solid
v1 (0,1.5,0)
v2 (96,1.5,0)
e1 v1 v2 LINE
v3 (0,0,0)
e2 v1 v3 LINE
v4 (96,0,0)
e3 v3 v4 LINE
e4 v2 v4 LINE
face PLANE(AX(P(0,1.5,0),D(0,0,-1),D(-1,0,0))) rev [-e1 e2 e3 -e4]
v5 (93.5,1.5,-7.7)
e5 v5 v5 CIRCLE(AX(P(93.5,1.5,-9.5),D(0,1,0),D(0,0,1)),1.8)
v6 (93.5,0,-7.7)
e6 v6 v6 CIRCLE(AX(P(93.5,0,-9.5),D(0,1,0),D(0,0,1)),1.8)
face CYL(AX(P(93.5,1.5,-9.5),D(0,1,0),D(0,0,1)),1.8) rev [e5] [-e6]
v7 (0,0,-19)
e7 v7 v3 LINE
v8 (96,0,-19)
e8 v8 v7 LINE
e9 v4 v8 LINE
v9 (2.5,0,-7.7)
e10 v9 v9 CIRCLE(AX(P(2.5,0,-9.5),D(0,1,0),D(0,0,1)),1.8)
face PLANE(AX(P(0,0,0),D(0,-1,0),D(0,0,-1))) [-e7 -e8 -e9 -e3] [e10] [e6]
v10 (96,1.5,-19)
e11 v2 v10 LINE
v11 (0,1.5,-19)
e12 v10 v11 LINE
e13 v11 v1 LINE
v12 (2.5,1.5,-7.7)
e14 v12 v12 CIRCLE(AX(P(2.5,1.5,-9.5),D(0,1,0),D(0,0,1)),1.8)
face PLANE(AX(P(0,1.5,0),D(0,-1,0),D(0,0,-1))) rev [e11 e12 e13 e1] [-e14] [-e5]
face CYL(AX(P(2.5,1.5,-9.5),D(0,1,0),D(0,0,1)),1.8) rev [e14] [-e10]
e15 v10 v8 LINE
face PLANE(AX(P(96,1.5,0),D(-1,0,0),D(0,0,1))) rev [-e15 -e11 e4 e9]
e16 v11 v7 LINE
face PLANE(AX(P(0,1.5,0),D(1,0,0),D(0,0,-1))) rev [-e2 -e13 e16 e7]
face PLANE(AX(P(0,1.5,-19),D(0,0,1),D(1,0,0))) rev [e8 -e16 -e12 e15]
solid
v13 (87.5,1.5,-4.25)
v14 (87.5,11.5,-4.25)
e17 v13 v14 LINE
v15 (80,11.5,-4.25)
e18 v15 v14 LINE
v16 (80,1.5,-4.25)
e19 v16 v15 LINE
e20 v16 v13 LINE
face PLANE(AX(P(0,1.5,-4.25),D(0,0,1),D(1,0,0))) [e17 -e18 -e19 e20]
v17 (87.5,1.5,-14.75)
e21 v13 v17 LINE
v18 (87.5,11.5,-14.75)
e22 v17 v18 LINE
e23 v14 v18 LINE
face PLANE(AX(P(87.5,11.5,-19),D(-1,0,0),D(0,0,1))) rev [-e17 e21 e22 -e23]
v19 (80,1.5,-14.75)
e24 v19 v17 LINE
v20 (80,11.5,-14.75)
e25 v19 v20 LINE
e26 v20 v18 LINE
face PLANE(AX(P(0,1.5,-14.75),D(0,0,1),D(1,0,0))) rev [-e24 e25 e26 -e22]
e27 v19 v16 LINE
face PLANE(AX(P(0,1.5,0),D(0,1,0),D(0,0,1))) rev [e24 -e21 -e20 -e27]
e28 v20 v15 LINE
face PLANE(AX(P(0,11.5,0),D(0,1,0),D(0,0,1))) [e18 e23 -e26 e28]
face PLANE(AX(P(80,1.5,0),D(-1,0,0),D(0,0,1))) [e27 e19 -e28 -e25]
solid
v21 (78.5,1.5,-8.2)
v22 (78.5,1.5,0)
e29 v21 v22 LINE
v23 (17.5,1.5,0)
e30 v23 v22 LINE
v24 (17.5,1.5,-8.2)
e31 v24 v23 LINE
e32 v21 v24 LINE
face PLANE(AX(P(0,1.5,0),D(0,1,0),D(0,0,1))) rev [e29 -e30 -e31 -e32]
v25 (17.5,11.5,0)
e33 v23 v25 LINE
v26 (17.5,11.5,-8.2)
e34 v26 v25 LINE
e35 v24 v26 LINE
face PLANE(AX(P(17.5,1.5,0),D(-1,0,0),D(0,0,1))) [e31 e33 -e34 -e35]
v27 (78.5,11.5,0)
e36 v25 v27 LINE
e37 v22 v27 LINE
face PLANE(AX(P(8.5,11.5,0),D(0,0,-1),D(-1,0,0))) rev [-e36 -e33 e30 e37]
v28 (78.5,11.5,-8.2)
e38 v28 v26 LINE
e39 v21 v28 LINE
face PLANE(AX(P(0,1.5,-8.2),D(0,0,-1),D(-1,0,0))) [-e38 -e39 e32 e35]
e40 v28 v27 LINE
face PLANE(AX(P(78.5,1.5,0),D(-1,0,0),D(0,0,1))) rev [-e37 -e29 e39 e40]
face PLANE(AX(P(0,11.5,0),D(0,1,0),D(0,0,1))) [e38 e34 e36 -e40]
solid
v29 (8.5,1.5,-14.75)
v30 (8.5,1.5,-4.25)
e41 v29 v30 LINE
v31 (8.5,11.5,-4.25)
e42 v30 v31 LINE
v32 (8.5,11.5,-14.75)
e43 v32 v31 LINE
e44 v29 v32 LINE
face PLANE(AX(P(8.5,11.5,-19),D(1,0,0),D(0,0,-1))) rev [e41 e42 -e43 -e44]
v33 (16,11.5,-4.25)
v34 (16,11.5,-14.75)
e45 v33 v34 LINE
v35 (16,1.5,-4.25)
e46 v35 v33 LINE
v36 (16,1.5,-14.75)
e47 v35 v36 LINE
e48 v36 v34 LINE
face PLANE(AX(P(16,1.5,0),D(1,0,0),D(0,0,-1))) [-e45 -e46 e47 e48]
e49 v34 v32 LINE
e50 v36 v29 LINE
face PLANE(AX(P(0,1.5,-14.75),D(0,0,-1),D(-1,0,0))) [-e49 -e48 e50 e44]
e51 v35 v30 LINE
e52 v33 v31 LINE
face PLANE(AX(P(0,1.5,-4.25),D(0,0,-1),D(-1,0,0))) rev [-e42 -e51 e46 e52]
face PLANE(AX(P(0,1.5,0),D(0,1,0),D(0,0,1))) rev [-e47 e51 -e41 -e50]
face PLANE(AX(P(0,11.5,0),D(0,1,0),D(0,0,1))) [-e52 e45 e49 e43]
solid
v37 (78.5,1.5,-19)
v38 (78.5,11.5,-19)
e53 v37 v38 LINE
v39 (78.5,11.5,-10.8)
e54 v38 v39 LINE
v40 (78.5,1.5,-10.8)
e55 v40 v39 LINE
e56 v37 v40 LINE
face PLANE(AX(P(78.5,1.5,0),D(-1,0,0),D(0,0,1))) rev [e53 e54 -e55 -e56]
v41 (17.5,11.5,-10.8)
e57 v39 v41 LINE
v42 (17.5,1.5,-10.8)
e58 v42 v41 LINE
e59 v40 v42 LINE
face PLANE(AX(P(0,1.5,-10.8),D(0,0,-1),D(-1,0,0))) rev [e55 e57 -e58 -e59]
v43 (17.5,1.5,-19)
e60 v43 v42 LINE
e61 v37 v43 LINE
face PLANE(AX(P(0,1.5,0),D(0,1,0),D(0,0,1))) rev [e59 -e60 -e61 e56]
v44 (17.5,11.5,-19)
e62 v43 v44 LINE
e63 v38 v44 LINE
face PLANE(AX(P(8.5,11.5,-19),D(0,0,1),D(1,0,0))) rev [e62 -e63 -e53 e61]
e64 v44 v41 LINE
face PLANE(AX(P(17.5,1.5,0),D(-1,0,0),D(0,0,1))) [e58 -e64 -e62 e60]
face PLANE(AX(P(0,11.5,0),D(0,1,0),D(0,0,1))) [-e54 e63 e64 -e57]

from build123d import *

# Parameters (mm, degrees)
SKETCH1_W                     = 96
SKETCH1_H                     = 19
BOSS_EXTRUDE1_DEPTH           = 1.5
SKETCH2_W                     = 79
SKETCH2_H                     = 19
BOSS_EXTRUDE2_DEPTH           = 10
SKETCH4_W                     = 1.8
SKETCH4_H                     = 1.5
M3_CLEARANCE_HOLE1_AT_2_COUNT = 2
M3_CLEARANCE_HOLE1_AT_2_PITCH = 91
SKETCH5_W                     = 7.5
SKETCH5_H                     = 4.25
SKETCH5_W_2                   = 61
SKETCH5_H_2                   = 2.6
CUT_EXTRUDE2_DEPTH            = 10


with BuildPart() as part:
    # Sketch1 → Boss-Extrude1 (new body)
    with BuildSketch(Plane(origin=(0, 0, 0), x_dir=(1, 0, 0), z_dir=(0, 1, 0))):
        with Locations((48, 9.5)):
            Rectangle(SKETCH1_W, SKETCH1_H)
    extrude(amount=BOSS_EXTRUDE1_DEPTH)

    # Sketch4 → M3 Clearance Hole1 (revolve, cut)
    with BuildSketch(Plane(origin=(2.5, 1.5, -9.5), x_dir=(0, 0, 1), z_dir=(1, 0, 0))):
        with Locations((0.9, 0.75)):
            Rectangle(SKETCH4_W, SKETCH4_H)
    m3_clearance_hole1 = revolve(axis=Axis((2.5, 7.85, -9.5), (0, -1, 0)), mode=Mode.SUBTRACT)

    # M3 Clearance Hole1 at 2: M3 Clearance Hole1 ×2
    with Locations(*[(i * M3_CLEARANCE_HOLE1_AT_2_PITCH, 0, 0) for i in range(1, M3_CLEARANCE_HOLE1_AT_2_COUNT)]):
        add(m3_clearance_hole1, mode=Mode.SUBTRACT)


with BuildPart() as body_2:
    # Sketch2 → Boss-Extrude2 (new body)
    with BuildSketch(Plane(origin=(0, 1.5, 0), x_dir=(1, 0, 0), z_dir=(0, 1, 0))):
        with Locations((48, 9.5)):
            Rectangle(SKETCH2_W, SKETCH2_H)
    extrude(amount=BOSS_EXTRUDE2_DEPTH)

    # Sketch5 → Cut-Extrude2 (cut)
    with BuildSketch(Plane(origin=(0, 11.5, 0), x_dir=(1, 0, 0), z_dir=(0, 1, 0))):
        with Locations((12.25, 16.875)):
            Rectangle(SKETCH5_W, SKETCH5_H)
        with Locations((12.25, 2.125)):
            Rectangle(SKETCH5_W, SKETCH5_H)
        Polygon((16, 19), (16, 14.75), (16, 4.25), (16, 0), (17.5, 0), (17.5, 8.2), (17.5, 10.8), (17.5, 19), align=None)
        with Locations((48, 9.5)):
            Rectangle(SKETCH5_W_2, SKETCH5_H_2)
        Polygon((80, 19), (78.5, 19), (78.5, 10.8), (78.5, 8.2), (78.5, 0), (80, 0), (80, 4.25), (80, 14.75), align=None)
        with Locations((83.75, 16.875)):
            Rectangle(SKETCH5_W, SKETCH5_H)
        with Locations((83.75, 2.125)):
            Rectangle(SKETCH5_W, SKETCH5_H)
    extrude(amount=-CUT_EXTRUDE2_DEPTH, mode=Mode.SUBTRACT)


with BuildPart() as cut_extrude2_piece_1:
    # of the separate pieces the step leaves, piece 1, a body of its own (cut_extrude2_pieces)
    add(body_2.part.solids().sort_by_distance((78.5, 1.5, 0))[0])


with BuildPart() as cut_extrude2_piece_2:
    # of the separate pieces the step leaves, piece 2, a body of its own (cut_extrude2_pieces)
    add(body_2.part.solids().sort_by_distance((17.5, 1.5, -19))[0])


with BuildPart() as cut_extrude2_piece_3:
    # of the separate pieces the step leaves, piece 3, a body of its own (cut_extrude2_pieces)
    add(body_2.part.solids().sort_by_distance((80, 1.5, -14.75))[0])


with BuildPart() as cut_extrude2_piece_4:
    # of the separate pieces the step leaves, piece 4, a body of its own (cut_extrude2_pieces)
    add(body_2.part.solids().sort_by_distance((8.5, 1.5, -4.25))[0])


solid = Compound([part.part, cut_extrude2_piece_1.part, cut_extrude2_piece_2.part, cut_extrude2_piece_3.part, cut_extrude2_piece_4.part])
